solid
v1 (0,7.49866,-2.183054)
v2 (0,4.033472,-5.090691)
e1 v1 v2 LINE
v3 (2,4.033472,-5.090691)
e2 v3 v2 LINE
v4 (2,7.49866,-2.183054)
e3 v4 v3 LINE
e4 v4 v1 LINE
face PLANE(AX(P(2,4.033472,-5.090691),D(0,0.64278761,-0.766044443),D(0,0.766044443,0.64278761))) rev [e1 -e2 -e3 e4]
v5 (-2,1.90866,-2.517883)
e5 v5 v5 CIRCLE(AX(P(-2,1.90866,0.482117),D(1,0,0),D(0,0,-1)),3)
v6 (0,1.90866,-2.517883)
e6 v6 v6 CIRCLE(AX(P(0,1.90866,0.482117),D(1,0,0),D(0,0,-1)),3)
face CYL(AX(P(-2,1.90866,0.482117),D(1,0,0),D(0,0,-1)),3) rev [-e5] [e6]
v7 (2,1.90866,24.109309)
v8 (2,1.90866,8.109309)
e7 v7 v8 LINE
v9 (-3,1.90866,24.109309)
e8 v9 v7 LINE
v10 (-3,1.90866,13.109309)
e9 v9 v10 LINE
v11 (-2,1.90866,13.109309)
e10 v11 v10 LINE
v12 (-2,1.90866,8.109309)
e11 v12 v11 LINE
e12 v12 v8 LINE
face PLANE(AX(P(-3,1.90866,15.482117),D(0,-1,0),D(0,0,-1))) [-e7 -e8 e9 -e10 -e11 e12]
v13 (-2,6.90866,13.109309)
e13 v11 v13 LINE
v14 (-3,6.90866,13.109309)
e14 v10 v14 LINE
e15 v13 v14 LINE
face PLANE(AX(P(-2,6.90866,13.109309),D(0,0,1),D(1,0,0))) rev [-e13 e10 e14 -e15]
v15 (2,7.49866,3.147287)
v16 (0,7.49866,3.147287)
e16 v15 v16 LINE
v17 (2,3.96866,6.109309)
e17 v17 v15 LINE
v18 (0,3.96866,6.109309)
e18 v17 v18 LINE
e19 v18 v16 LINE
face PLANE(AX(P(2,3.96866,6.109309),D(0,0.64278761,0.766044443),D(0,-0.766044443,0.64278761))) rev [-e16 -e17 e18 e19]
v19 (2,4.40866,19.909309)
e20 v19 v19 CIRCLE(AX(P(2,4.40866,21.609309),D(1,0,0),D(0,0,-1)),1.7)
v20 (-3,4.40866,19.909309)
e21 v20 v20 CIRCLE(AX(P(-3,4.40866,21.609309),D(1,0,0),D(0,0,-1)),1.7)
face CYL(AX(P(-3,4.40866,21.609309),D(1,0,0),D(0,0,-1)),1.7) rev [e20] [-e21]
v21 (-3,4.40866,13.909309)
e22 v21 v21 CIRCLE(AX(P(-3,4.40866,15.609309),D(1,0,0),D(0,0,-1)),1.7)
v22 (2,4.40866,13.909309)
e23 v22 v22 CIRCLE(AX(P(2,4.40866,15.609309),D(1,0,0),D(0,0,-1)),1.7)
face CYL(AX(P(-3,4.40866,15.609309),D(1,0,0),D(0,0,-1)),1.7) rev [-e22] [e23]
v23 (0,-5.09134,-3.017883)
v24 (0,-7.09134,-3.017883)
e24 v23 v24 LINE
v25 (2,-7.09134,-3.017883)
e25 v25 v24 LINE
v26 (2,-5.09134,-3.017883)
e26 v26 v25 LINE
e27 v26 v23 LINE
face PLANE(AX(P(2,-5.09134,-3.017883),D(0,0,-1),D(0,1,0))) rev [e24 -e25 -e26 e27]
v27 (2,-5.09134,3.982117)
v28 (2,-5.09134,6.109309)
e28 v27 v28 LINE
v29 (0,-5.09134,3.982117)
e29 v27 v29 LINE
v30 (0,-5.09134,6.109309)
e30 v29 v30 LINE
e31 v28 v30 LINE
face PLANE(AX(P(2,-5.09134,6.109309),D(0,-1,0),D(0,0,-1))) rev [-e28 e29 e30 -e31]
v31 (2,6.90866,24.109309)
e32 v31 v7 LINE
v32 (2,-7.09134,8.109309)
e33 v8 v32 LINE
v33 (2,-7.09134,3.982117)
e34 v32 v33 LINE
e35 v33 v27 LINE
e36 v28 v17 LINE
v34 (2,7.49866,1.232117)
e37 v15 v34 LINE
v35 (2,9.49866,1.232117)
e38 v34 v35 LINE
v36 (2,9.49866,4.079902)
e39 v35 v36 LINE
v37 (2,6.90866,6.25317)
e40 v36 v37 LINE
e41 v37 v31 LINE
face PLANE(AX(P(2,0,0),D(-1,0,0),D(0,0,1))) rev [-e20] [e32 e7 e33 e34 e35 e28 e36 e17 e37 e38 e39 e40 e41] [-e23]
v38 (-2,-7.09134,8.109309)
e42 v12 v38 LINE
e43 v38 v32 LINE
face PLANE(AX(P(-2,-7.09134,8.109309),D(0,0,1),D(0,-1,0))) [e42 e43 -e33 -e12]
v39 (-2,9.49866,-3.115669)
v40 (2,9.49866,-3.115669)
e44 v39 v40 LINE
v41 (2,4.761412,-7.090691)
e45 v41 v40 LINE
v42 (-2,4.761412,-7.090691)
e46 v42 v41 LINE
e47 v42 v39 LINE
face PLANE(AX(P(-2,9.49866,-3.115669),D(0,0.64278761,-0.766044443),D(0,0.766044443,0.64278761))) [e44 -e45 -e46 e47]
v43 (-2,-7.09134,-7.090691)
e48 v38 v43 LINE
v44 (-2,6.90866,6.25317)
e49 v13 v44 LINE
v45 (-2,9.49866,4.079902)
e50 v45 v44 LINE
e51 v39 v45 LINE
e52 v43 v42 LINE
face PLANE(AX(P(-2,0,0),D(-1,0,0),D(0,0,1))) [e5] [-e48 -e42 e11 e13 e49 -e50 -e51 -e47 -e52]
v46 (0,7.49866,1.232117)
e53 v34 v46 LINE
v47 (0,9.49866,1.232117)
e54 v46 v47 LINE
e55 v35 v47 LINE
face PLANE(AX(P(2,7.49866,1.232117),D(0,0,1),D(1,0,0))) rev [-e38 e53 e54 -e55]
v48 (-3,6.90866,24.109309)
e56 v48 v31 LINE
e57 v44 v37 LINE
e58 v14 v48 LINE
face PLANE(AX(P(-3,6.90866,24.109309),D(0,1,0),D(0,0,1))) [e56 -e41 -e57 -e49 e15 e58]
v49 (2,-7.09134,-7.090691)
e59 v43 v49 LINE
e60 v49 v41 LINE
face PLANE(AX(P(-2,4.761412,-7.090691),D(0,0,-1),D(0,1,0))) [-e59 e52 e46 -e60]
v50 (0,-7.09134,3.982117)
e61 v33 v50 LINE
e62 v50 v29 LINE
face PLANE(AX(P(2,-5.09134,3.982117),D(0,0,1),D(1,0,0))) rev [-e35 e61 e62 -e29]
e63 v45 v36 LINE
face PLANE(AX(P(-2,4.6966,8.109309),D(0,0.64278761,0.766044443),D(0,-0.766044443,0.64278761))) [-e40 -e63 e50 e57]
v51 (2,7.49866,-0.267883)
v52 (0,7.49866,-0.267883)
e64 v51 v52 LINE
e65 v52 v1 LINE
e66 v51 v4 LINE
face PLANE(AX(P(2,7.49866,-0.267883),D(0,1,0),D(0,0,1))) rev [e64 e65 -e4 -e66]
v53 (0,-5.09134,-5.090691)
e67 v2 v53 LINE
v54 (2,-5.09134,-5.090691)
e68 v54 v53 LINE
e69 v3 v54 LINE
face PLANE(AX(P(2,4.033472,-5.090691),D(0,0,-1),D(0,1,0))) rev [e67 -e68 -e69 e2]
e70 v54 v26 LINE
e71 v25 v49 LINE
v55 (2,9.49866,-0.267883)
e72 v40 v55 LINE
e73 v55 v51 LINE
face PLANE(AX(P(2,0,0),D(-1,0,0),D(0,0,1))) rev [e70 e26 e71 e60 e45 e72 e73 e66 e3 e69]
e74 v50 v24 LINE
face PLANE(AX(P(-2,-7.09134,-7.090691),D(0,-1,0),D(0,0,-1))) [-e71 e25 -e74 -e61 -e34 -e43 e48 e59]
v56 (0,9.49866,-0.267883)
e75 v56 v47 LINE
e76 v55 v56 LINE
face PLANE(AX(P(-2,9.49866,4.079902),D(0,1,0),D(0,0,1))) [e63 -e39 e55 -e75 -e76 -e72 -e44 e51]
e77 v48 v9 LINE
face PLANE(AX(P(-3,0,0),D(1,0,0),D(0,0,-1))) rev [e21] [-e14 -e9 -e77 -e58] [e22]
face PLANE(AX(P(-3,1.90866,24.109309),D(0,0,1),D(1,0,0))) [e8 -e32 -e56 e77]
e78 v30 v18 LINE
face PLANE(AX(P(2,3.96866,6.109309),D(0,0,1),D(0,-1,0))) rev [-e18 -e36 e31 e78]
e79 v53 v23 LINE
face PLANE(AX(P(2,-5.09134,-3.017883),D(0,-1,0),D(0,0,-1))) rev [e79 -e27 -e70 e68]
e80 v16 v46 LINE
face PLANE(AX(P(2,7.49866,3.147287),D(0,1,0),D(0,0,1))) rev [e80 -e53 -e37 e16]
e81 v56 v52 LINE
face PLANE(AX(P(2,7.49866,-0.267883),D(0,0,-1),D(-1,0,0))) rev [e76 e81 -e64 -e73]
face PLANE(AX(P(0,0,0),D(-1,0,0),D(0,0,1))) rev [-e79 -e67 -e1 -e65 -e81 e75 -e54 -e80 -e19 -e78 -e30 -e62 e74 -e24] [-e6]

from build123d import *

# Parameters (mm, degrees)
BOSS_EXTRUDE1_DEPTH = 2
BOSS_EXTRUDE2_DEPTH = 2
SKETCH3_R           = 3
CUT_EXTRUDE1_DEPTH  = 2
SKETCH4_R           = 1.7
BOSS_EXTRUDE3_DEPTH = 5
CUT_EXTRUDE2_DEPTH  = 1


with BuildPart() as part:
    # Sketch2 → Boss-Extrude1 (new body)
    with BuildSketch(Plane(origin=(0, 0, 0), x_dir=(0, 0, -1), z_dir=(1, 0, 0))):
        Polygon((-8.109308511, -7.091340238), (-8.109308511, 4.696600231), (-4.079902129, 9.498659762), (3.11566899, 9.498659762), (7.090691489, 4.761412419), (7.090691489, -7.091340238), align=None)
    extrude(amount=-BOSS_EXTRUDE1_DEPTH)

    # Sketch1 → Boss-Extrude2 (add)
    with BuildSketch(Plane(origin=(0, 0, 0), x_dir=(0, 0, -1), z_dir=(1, 0, 0))):
        Polygon((-6.109308511, 3.968659762), (-3.147286813, 7.498659762), (-1.232116569, 7.498659762), (-1.232116569, 9.498659762), (-4.079902129, 9.498659762), (-8.109308511, 4.696600231), (-8.109308511, -7.091340238), (-3.982116569, -7.091340238), (-3.982116569, -5.091340238), (-6.109308511, -5.091340238), align=None)
        Polygon((5.090691489, 4.03347195), (5.090691489, -5.091340238), (3.017883431, -5.091340238), (3.017883431, -7.091340238), (7.090691489, -7.091340238), (7.090691489, 4.761412419), (3.11566899, 9.498659762), (0.267883431, 9.498659762), (0.267883431, 7.498659762), (2.183053674, 7.498659762), align=None)
    extrude(amount=BOSS_EXTRUDE2_DEPTH)

    # Sketch3 → Cut-Extrude1 (cut)
    with BuildSketch(Plane(origin=(0, 0, 0), x_dir=(0, 0, -1), z_dir=(1, 0, 0))):
        with Locations((-0.482116569, 1.908659762)):
            Circle(SKETCH3_R)
    extrude(amount=-CUT_EXTRUDE1_DEPTH, mode=Mode.SUBTRACT)

    # Sketch4 → Boss-Extrude3 (add)
    with BuildSketch(Plane(origin=(2, 0, 0), x_dir=(0, 0, -1), z_dir=(1, 0, 0))):
        Polygon((-15.482116569, 1.908659762), (-8.109308511, 1.908659762), (-8.109308511, 4.696600231), (-6.253170174, 6.908659762), (-20.486049047, 6.908659762), (-24.109308511, 6.908659762), (-24.109308511, 1.908659762), align=None)
        with Locations((-15.609308511, 4.408659762)):
            Circle(SKETCH4_R, mode=Mode.SUBTRACT)
        with Locations((-21.609308511, 4.408659762)):
            Circle(SKETCH4_R, mode=Mode.SUBTRACT)
    extrude(amount=-BOSS_EXTRUDE3_DEPTH)

    # Sketch5 → Cut-Extrude2 (cut)
    with BuildSketch(Plane.ZY.offset(3)):
        Polygon((8.109308511, 6.908659762), (6.253170174, 6.908659762), (8.109308511, 4.696600231), (8.109308511, 1.908659762), (13.109308511, 1.908659762), (13.109308511, 6.908659762), align=None)
    extrude(amount=-CUT_EXTRUDE2_DEPTH, mode=Mode.SUBTRACT)


solid = part.part
